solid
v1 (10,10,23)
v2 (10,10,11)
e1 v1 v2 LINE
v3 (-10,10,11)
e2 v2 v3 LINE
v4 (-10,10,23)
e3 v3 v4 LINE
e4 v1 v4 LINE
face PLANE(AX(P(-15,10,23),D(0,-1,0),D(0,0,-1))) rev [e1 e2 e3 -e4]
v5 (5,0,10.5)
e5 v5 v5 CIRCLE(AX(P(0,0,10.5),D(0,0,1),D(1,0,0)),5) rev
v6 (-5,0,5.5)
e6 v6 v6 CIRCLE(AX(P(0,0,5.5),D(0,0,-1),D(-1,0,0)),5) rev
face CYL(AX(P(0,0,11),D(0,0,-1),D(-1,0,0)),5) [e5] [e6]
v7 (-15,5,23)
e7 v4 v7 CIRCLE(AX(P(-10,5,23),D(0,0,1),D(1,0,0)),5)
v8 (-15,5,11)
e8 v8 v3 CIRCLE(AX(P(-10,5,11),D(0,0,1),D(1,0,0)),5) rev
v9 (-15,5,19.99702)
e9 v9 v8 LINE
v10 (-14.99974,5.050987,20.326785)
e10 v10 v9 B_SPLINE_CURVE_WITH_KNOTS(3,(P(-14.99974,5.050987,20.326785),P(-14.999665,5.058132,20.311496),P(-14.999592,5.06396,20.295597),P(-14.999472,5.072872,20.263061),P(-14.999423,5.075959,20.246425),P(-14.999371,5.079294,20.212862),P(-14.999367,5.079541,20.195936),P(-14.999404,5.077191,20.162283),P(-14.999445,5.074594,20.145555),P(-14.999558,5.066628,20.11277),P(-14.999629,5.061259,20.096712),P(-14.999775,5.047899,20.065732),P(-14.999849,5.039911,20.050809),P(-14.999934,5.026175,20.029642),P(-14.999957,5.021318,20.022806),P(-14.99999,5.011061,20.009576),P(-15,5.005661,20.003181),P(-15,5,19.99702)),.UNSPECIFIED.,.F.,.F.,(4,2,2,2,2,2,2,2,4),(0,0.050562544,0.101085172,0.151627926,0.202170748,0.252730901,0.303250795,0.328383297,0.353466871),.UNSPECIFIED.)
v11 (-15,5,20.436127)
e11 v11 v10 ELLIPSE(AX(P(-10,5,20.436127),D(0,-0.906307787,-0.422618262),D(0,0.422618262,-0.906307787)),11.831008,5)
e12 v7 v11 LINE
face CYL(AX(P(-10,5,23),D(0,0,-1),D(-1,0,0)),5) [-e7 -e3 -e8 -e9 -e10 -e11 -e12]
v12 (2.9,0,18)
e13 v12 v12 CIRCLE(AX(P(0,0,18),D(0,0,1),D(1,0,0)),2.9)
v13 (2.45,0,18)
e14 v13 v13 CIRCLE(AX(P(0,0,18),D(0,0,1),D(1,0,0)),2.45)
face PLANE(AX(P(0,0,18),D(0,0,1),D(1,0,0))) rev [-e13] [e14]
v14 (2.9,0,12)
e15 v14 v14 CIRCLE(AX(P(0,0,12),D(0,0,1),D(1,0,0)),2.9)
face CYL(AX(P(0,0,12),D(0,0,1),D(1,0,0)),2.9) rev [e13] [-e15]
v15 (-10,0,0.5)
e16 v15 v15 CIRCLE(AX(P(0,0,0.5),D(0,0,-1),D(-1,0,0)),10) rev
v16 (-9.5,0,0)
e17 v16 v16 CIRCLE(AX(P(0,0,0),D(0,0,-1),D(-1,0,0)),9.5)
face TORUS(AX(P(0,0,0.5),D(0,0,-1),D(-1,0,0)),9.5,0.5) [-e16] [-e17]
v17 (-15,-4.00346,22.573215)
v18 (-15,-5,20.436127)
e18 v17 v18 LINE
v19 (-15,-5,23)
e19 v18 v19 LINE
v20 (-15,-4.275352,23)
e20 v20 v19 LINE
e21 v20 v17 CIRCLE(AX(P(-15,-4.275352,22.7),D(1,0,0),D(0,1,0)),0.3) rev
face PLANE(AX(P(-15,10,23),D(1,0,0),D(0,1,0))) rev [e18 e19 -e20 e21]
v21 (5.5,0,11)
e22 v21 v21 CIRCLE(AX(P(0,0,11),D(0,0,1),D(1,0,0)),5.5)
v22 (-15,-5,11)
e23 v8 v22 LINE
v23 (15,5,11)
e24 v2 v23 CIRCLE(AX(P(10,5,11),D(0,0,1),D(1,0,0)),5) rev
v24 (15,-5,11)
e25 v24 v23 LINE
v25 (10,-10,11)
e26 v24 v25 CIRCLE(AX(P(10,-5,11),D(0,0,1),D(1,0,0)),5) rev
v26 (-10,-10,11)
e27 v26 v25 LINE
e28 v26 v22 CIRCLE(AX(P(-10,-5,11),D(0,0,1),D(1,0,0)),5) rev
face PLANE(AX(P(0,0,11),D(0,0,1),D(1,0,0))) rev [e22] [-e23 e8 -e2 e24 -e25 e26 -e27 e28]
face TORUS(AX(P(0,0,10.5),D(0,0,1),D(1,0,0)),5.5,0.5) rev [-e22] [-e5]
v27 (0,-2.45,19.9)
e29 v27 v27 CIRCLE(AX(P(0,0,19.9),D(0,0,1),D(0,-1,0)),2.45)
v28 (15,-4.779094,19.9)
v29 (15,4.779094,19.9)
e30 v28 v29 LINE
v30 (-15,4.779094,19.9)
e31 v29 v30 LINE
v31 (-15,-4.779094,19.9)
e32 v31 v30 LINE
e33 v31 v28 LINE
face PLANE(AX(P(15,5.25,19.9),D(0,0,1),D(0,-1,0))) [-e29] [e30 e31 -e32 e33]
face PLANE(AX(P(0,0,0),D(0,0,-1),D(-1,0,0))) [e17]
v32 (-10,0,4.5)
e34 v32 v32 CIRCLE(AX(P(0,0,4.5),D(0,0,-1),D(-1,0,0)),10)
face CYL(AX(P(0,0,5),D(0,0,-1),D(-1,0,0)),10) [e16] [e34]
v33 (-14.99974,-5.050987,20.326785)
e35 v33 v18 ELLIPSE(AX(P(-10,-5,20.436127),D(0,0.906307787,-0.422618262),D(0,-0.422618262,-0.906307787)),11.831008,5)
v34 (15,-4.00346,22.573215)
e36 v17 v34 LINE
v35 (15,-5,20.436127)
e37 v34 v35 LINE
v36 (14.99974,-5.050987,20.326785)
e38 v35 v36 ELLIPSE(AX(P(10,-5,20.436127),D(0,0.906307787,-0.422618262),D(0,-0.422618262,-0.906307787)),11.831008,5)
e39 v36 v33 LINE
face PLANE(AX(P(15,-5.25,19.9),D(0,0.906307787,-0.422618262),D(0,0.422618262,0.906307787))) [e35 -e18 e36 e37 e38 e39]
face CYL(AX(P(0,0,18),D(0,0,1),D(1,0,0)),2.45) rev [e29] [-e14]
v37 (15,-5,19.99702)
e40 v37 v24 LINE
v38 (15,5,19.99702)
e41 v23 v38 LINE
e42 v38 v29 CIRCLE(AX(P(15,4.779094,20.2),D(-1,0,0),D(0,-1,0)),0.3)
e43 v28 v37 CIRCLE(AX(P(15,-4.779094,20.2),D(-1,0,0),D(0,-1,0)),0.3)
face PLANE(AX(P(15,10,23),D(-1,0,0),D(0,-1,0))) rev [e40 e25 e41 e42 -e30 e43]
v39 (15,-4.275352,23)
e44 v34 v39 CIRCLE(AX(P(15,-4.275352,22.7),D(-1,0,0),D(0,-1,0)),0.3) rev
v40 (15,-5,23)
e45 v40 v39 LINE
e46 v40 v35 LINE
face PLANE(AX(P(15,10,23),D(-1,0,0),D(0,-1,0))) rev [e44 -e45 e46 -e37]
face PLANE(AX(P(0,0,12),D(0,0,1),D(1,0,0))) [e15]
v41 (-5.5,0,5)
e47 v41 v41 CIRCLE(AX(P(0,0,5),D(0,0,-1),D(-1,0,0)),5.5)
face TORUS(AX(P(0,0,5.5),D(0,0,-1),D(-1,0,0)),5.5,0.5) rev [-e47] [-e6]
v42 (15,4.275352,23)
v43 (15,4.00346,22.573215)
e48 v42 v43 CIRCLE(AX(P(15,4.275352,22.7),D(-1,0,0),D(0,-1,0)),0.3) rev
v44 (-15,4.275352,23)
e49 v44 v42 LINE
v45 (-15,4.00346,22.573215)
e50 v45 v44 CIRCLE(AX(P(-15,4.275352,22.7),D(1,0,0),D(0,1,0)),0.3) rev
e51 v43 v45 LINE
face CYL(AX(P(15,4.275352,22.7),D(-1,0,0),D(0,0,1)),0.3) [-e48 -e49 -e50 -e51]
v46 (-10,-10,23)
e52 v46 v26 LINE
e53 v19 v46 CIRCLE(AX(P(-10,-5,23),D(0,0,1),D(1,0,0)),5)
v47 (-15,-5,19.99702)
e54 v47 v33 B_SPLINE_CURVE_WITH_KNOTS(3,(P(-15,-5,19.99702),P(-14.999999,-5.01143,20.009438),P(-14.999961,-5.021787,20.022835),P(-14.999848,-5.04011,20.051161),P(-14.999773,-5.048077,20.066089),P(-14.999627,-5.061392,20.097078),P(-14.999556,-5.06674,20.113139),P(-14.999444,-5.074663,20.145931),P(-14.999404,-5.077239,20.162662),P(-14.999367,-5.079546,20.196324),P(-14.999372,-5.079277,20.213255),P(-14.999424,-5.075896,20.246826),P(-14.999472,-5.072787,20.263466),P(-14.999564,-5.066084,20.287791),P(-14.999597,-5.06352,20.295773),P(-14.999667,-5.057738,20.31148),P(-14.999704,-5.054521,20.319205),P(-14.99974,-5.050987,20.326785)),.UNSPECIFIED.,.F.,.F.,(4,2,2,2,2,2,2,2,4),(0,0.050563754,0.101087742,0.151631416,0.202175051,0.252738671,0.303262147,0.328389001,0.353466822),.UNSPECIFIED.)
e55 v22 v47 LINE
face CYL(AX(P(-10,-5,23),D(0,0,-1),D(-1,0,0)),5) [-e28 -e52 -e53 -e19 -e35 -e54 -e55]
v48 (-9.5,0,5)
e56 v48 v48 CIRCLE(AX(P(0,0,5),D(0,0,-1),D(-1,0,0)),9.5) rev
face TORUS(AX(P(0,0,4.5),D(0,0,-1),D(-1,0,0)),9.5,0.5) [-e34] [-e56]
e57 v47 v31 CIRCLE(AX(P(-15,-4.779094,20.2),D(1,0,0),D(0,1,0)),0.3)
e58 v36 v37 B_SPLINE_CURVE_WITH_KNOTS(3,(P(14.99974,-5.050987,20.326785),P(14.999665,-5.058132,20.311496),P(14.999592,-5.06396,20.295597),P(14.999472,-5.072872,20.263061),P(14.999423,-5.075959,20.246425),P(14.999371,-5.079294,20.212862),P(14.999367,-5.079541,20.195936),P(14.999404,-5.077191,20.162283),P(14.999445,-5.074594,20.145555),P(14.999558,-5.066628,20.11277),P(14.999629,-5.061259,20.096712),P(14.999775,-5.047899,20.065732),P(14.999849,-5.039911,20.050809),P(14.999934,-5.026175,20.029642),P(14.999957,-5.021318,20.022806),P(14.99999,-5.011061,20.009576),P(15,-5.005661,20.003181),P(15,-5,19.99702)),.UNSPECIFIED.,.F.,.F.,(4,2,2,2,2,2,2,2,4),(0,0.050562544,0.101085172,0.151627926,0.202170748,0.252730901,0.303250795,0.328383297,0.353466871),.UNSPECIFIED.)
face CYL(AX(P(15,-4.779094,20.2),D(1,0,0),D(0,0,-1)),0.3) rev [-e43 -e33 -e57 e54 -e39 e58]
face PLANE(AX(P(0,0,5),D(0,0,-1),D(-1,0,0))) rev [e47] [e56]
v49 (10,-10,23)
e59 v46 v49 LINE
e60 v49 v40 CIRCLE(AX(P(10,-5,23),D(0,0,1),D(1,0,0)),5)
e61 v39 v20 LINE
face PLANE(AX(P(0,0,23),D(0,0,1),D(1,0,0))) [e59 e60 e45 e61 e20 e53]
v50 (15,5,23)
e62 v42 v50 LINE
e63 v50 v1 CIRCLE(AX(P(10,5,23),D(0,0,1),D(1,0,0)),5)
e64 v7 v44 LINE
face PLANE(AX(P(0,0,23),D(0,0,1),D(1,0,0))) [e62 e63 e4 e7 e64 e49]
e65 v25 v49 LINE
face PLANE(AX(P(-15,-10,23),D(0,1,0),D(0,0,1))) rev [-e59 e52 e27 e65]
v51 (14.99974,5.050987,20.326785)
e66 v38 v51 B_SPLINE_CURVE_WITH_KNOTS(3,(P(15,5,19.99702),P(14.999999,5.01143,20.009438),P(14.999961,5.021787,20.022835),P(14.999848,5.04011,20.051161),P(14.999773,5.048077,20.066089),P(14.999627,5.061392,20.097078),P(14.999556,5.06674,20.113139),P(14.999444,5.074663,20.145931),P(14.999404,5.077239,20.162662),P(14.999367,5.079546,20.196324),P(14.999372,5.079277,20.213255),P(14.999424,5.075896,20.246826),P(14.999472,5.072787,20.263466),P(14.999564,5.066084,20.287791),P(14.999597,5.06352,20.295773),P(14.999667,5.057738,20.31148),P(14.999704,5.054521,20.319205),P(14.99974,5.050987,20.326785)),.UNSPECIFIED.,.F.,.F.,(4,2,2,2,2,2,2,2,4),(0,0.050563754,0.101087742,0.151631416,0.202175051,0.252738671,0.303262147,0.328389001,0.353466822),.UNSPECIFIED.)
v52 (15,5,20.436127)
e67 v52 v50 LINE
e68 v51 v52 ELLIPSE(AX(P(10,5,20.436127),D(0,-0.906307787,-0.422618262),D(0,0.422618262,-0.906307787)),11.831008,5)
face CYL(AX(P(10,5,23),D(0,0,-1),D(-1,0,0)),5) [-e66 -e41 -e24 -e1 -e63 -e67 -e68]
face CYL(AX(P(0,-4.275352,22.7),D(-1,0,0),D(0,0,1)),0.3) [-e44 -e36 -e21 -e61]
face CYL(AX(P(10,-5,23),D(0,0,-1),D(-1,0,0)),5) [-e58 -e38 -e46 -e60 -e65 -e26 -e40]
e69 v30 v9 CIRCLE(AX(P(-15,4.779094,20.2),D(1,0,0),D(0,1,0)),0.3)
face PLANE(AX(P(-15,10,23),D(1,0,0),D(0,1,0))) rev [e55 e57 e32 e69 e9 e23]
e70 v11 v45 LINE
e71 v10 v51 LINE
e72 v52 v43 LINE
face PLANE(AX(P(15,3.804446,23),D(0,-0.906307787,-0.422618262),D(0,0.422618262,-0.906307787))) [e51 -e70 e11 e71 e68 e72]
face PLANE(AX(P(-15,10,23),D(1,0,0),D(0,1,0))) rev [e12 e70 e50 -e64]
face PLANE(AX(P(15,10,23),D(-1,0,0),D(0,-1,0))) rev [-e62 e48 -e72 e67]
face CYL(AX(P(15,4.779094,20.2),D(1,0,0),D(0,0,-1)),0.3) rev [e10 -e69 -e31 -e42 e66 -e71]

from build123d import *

# Parameters (mm, degrees)
BOSS_EXTRUDE1_DEPTH     = 5
SKETCH2_R               = 5
BOSS_EXTRUDE2_DEPTH     = 11
SKETCH3_W               = 30
SKETCH3_H               = 20
BOSS_EXTRUDE3_DEPTH     = 12
CUT_EXTRUDE1_DEPTH      = 26
CUT_EXTRUDE1_DEPTH_BACK = 6
SKETCH6_R               = 2.45
CUT_EXTRUDE2_DEPTH      = 5
FILLET1_R               = 0.3
FILLET2_R               = 5
FILLET3_R               = 0.5
SKETCH7_R               = 2.9
CUT_EXTRUDE3_DEPTH      = 6


with BuildPart() as part:
    # Sketch1 → Boss-Extrude1 (new body)
    with BuildSketch(Plane.XY):
        with BuildLine():
            ThreePointArc((10, 0), (0, 10), (-10, 0))
            ThreePointArc((-10, 0), (0, -10), (10, 0))
        make_face()
    extrude(amount=BOSS_EXTRUDE1_DEPTH)

    # Sketch2 → Boss-Extrude2 (add)
    with BuildSketch(Plane.XY):
        Circle(SKETCH2_R)
    extrude(amount=BOSS_EXTRUDE2_DEPTH)

    # Sketch3 → Boss-Extrude3 (add)
    with BuildSketch(Plane.XY.offset(11)):
        Rectangle(SKETCH3_W, SKETCH3_H)
    extrude(amount=BOSS_EXTRUDE3_DEPTH)

    # Sketch5 → Cut-Extrude1 (cut, two sides)
    with BuildSketch(Plane(origin=(-10, 0, 0), x_dir=(0, 0, -1), z_dir=(1, 0, 0))) as cut_extrude1_sk:
        Polygon((-23, 3.80444626), (-19.9, 5.25), (-19.9, -5.25), (-23, -3.80444626), align=None)
    extrude(amount=CUT_EXTRUDE1_DEPTH, mode=Mode.SUBTRACT)
    extrude(cut_extrude1_sk.sketch, amount=-CUT_EXTRUDE1_DEPTH_BACK, mode=Mode.SUBTRACT)

    # Sketch6 → Cut-Extrude2 (cut)
    with BuildSketch(Plane.XY.offset(23)):
        Circle(SKETCH6_R)
    extrude(amount=-CUT_EXTRUDE2_DEPTH, mode=Mode.SUBTRACT)

    # Fillet1
    fillet1_edges = [part.edges().sort_by_distance(p)[0] for p in [
        (0, 3.80444626, 23),
        (0, -3.80444626, 23),
        (0, -5.25, 19.9),
        (0, 5.25, 19.9),
    ]]
    fillet(fillet1_edges, radius=FILLET1_R)

    # Fillet2
    fillet2_edges = [part.edges().sort_by_distance(p)[0] for p in [
        (15, -10, 17),
        (15, 10, 17),
        (-15, 10, 17),
        (-15, -10, 17),
    ]]
    fillet(fillet2_edges, radius=FILLET2_R)

    # Fillet3
    fillet3_edges = [part.edges().sort_by_distance(p)[0] for p in [
        (-5, 0, 11),
        (10, 0, 0),
        (10, 0, 5),
        (-5, 0, 5),
    ]]
    fillet(fillet3_edges, radius=FILLET3_R)

    # Sketch7 → Cut-Extrude3 (cut)
    with BuildSketch(Plane.XY.offset(18)):
        Circle(SKETCH7_R)
    extrude(amount=-CUT_EXTRUDE3_DEPTH, mode=Mode.SUBTRACT)


solid = part.part
